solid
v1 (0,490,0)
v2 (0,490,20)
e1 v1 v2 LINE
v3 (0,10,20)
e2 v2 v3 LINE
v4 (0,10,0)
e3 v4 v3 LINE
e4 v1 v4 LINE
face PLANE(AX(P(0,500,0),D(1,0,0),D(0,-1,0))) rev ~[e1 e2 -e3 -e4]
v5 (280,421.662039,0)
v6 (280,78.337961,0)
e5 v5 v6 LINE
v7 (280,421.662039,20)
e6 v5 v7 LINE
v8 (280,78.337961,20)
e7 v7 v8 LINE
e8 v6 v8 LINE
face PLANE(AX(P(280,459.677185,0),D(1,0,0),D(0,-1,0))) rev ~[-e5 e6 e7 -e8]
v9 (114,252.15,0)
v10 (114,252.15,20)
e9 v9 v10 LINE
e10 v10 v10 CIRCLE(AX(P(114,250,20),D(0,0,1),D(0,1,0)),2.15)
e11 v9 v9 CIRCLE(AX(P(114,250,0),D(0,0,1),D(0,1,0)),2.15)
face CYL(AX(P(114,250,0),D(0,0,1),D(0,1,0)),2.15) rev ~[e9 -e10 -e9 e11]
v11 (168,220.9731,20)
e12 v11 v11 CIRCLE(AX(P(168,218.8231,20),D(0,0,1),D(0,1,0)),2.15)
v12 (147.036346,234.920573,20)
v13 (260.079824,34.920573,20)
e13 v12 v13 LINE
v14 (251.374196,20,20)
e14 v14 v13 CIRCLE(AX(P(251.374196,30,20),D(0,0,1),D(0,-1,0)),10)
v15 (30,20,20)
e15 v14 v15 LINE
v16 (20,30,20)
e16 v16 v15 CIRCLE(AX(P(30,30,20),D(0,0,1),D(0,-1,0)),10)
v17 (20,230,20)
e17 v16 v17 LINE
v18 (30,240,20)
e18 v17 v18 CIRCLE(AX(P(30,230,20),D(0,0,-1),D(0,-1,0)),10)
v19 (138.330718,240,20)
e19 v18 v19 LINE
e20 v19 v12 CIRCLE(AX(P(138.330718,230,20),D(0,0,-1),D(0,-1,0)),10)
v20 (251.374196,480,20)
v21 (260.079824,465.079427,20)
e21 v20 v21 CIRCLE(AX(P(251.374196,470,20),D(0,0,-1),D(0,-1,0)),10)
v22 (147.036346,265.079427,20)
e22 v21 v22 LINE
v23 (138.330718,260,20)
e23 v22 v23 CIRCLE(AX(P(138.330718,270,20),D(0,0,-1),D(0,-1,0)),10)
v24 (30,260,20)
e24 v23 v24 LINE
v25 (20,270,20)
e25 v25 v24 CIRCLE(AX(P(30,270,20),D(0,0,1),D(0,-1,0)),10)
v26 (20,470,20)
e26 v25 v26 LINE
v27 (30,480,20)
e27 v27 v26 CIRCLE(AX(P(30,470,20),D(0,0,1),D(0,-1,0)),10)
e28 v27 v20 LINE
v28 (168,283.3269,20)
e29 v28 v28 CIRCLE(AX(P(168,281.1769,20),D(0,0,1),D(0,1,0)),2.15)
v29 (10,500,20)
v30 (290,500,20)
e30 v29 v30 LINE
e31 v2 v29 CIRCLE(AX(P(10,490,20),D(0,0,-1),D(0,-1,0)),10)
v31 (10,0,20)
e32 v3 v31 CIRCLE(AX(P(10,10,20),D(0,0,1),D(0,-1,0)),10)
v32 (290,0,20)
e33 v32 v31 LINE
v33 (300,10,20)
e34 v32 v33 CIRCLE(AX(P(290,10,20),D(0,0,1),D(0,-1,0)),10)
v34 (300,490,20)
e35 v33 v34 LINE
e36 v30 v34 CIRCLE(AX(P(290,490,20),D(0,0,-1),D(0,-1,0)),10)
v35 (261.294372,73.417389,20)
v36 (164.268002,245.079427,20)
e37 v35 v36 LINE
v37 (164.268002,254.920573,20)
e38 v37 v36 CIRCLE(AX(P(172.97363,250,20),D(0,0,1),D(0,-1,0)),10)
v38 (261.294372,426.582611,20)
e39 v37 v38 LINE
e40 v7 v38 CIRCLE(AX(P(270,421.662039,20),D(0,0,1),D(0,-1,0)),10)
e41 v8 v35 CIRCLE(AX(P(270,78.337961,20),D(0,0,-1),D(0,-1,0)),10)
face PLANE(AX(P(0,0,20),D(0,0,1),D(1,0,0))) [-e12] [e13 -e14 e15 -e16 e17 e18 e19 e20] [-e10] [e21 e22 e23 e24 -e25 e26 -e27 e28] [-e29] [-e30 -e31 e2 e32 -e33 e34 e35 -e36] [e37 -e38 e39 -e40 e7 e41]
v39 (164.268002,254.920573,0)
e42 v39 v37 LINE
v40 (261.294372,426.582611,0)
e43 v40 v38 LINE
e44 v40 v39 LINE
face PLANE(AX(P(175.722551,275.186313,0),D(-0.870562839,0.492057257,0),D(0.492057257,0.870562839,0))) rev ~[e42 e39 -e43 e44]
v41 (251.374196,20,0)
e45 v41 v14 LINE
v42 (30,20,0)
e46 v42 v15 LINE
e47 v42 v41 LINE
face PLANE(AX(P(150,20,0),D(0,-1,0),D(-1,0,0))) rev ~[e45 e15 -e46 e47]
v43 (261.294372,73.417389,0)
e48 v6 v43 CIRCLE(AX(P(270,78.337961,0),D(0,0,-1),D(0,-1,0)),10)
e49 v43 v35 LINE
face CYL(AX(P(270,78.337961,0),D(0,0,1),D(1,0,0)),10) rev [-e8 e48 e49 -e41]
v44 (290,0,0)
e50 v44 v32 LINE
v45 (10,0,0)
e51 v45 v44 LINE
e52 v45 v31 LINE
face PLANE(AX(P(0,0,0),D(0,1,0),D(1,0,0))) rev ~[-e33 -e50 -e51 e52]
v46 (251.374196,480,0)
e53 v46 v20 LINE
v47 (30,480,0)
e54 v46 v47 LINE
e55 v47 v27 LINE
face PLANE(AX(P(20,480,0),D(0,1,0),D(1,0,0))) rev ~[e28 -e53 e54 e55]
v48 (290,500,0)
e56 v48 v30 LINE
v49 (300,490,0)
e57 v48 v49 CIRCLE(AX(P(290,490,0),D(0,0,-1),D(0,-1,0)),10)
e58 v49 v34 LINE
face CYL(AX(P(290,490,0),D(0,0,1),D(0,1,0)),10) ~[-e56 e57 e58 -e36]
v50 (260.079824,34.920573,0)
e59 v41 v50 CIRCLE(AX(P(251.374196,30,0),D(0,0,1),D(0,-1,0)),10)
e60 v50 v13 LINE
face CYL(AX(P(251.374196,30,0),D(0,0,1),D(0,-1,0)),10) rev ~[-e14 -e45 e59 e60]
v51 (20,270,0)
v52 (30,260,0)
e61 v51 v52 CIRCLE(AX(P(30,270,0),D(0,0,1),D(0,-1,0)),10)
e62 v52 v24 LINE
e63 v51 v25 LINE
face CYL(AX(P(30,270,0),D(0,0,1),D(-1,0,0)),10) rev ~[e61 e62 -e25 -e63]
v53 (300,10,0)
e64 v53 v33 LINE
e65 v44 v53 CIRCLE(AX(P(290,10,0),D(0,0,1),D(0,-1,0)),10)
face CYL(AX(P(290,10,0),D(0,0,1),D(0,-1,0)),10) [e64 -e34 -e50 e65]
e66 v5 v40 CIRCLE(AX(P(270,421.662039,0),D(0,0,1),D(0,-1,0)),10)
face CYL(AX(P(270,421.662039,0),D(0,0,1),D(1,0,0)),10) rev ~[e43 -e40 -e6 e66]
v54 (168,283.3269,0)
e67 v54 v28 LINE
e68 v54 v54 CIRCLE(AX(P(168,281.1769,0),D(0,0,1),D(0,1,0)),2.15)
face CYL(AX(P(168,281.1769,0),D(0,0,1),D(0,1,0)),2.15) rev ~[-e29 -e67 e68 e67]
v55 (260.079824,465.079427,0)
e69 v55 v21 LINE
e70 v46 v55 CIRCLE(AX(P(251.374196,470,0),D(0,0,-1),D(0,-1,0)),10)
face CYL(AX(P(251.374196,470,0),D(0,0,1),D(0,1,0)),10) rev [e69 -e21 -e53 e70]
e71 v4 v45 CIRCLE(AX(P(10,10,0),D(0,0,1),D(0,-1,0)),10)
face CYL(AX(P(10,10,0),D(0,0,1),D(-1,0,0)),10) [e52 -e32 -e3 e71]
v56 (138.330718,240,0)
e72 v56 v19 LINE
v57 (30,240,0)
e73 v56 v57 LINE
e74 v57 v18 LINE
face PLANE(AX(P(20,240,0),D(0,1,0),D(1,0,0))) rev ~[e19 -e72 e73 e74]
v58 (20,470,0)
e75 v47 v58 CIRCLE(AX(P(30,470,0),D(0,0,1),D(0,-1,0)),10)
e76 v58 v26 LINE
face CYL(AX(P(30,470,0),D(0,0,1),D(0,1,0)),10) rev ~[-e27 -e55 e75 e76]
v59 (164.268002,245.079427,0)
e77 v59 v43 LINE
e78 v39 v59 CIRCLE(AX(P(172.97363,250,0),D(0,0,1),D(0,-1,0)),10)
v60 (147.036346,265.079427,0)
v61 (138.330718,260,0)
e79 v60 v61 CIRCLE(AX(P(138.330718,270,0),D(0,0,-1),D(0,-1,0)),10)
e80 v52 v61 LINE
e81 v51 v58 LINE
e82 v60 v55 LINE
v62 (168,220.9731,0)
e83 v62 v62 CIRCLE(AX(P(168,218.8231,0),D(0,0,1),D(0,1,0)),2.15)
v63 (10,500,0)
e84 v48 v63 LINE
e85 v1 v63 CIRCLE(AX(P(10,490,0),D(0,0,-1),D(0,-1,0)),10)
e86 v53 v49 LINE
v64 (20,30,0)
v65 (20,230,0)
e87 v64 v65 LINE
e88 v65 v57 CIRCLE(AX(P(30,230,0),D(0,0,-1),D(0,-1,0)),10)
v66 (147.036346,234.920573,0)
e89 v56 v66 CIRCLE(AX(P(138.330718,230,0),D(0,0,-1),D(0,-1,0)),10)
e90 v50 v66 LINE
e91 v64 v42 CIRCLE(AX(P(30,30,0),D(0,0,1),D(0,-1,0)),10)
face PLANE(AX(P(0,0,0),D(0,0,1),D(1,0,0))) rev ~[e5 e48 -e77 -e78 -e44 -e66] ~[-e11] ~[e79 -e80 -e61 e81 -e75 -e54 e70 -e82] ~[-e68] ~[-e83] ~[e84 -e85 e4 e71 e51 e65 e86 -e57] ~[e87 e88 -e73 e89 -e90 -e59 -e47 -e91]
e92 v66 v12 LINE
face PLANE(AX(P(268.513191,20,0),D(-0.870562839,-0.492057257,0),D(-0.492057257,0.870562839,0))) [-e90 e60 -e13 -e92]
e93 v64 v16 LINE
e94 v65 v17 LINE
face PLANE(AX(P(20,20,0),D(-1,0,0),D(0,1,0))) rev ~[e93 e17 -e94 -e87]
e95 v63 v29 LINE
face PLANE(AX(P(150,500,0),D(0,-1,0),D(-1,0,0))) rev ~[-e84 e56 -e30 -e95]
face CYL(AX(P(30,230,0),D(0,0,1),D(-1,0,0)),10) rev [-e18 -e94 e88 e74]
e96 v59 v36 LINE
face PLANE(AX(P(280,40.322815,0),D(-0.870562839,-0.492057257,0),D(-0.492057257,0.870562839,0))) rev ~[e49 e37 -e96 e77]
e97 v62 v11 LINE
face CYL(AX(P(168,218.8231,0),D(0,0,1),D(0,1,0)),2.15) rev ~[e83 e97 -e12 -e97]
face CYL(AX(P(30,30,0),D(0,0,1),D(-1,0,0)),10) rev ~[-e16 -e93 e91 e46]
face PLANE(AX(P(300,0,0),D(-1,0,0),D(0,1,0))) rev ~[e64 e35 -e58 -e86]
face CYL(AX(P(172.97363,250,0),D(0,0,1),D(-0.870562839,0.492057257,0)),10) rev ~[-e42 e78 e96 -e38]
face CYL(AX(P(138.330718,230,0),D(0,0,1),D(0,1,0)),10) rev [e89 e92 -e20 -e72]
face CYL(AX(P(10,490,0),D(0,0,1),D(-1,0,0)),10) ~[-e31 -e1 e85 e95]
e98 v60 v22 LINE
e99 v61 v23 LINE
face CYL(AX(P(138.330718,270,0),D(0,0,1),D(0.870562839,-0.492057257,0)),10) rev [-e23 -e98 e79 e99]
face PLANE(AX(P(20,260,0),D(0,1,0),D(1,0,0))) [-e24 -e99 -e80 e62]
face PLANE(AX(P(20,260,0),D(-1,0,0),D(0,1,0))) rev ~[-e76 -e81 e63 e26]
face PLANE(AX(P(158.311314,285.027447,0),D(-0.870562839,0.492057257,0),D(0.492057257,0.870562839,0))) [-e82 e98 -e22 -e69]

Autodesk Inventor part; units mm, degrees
ref_plane "YZ Plane" through (0, 0, 0) normal (1, 0, 0) x (0, 1, 0)
ref_plane "XZ Plane" through (0, 0, 0) normal (0, 1, 0) x (-1, 0, 0)
ref_plane "XY Plane" through (0, 0, 0) normal (0, 0, 1) x (1, 0, 0)
sketch "Sketch5" plane through (0, 0, 0) normal (0, 0, 1) x (1, 0, 0)
  line L0 (0, 0) -> (300, 0)
  line L1 (300, 0) -> (300, 500)
  line L2 (300, 500) -> (0, 500)
  line L3 (0, 500) -> (0, 0)
  line L4 (20, 480) -> (280, 480)
  line L5 (280, 480) -> (280, 20)
  line L6 (280, 20) -> (20, 20)
  line L7 (20, 20) -> (20, 480)
  line L8 (150, 0) -> (150, 500)
  circle A0 centre (150, 250) radius 36
  circle A1 centre (114, 250) radius 2
  circle A2 centre (168, 218.8231) radius 2
  circle A3 centre (168, 281.1769) radius 2
  line L9 (20, 250) -> (150, 250)
  line L10 (20, 240) -> (150, 240)
  line L11 (20, 260) -> (150, 260)
  line L12 (280, 20) -> (150, 250)
  line L13 (150, 250) -> (280, 480)
  line L14 (271.2944, 15.0794) -> (141.2944, 245.0794)
  line L15 (288.7056, 24.9206) -> (158.7056, 254.9206)
  line L16 (158.7056, 245.0794) -> (288.7056, 475.0794)
  line L17 (141.2944, 254.9206) -> (271.2944, 484.9206)
  point P0 (161.4868, 250)
  point P1 (280, 459.6772)
  point P2 (280, 40.3228)
  point P3 (144.1654, 240)
  point P4 (268.5132, 20)
  point P5 (268.5132, 480)
  point P6 (144.1654, 260)
  dimension "d31" = 72
  dimension "d28" = 300
  dimension "d29" = 500
  dimension "d30" = 20
  dimension "d32" = 4
  dimension "d35" = 360
  dimension "d37" = 10
  dimension "d38" = 10
  dimension "d39" = 10
  dimension "d40" = 10
  dimension "d41" = 10
  dimension "d42" = 10
extrude "Extrusion5" add sketch "Sketch5" along normal blind 20 contours L3 L2 L8 L4 L7 L6 L0 | L8 L6 L5 L4 L2 L1 L0 | L14 A0 A2 L12 L6 | L12 A2 A0 L15 L5 | L14 L8 L12 A2 A0 | L7 L9 A1 A0 L10 | L14 L10 L8 | A0 A1 L9 L8 L10 | L4 L13 A3 A0 L17 | L12 A0 A2 | A2 A0 L12 | A2 L12 A0 | L7 L11 A0 A1 L9 | A1 L9 A0 | A0 L9 A1 | L5 L16 A0 A3 L13 | A0 A3 L13 L8 L17 | L8 L11 L17 | L11 L8 L9 A1 A0 | A0 A2 L12 L13 A3 L16 L15 | L12 A2 A0 | A1 A0 L9 | A0 A1 L9 | L13 A0 A3 | A3 A0 L13 | A0 L13 A3 | L13 A0 A3
hole "Hole1" at (168, 218.8231, 0) at (168, 281.1769, 0) at (114, 250, 0) direction (0, 0, 1) diameter 4.3 depth 20 clearance for "Socket Head Cap Screw ISO 4762" size "M4" standard "ISO"
fillet "Fillet1" radius 10 15 edges at (0, 0, 10) (20, 20, 10) (300, 0, 10) (268.5132, 20, 10) (280, 40.3228, 10) (144.1654, 240, 10) (144.1654, 260, 10) (161.4868, 250, 10) (20, 240, 10) (20, 260, 10) (0, 500, 10) (20, 480, 10) (300, 500, 10) (268.5132, 480, 10) (280, 459.6772, 10)
properties part number "Aufhängung"
